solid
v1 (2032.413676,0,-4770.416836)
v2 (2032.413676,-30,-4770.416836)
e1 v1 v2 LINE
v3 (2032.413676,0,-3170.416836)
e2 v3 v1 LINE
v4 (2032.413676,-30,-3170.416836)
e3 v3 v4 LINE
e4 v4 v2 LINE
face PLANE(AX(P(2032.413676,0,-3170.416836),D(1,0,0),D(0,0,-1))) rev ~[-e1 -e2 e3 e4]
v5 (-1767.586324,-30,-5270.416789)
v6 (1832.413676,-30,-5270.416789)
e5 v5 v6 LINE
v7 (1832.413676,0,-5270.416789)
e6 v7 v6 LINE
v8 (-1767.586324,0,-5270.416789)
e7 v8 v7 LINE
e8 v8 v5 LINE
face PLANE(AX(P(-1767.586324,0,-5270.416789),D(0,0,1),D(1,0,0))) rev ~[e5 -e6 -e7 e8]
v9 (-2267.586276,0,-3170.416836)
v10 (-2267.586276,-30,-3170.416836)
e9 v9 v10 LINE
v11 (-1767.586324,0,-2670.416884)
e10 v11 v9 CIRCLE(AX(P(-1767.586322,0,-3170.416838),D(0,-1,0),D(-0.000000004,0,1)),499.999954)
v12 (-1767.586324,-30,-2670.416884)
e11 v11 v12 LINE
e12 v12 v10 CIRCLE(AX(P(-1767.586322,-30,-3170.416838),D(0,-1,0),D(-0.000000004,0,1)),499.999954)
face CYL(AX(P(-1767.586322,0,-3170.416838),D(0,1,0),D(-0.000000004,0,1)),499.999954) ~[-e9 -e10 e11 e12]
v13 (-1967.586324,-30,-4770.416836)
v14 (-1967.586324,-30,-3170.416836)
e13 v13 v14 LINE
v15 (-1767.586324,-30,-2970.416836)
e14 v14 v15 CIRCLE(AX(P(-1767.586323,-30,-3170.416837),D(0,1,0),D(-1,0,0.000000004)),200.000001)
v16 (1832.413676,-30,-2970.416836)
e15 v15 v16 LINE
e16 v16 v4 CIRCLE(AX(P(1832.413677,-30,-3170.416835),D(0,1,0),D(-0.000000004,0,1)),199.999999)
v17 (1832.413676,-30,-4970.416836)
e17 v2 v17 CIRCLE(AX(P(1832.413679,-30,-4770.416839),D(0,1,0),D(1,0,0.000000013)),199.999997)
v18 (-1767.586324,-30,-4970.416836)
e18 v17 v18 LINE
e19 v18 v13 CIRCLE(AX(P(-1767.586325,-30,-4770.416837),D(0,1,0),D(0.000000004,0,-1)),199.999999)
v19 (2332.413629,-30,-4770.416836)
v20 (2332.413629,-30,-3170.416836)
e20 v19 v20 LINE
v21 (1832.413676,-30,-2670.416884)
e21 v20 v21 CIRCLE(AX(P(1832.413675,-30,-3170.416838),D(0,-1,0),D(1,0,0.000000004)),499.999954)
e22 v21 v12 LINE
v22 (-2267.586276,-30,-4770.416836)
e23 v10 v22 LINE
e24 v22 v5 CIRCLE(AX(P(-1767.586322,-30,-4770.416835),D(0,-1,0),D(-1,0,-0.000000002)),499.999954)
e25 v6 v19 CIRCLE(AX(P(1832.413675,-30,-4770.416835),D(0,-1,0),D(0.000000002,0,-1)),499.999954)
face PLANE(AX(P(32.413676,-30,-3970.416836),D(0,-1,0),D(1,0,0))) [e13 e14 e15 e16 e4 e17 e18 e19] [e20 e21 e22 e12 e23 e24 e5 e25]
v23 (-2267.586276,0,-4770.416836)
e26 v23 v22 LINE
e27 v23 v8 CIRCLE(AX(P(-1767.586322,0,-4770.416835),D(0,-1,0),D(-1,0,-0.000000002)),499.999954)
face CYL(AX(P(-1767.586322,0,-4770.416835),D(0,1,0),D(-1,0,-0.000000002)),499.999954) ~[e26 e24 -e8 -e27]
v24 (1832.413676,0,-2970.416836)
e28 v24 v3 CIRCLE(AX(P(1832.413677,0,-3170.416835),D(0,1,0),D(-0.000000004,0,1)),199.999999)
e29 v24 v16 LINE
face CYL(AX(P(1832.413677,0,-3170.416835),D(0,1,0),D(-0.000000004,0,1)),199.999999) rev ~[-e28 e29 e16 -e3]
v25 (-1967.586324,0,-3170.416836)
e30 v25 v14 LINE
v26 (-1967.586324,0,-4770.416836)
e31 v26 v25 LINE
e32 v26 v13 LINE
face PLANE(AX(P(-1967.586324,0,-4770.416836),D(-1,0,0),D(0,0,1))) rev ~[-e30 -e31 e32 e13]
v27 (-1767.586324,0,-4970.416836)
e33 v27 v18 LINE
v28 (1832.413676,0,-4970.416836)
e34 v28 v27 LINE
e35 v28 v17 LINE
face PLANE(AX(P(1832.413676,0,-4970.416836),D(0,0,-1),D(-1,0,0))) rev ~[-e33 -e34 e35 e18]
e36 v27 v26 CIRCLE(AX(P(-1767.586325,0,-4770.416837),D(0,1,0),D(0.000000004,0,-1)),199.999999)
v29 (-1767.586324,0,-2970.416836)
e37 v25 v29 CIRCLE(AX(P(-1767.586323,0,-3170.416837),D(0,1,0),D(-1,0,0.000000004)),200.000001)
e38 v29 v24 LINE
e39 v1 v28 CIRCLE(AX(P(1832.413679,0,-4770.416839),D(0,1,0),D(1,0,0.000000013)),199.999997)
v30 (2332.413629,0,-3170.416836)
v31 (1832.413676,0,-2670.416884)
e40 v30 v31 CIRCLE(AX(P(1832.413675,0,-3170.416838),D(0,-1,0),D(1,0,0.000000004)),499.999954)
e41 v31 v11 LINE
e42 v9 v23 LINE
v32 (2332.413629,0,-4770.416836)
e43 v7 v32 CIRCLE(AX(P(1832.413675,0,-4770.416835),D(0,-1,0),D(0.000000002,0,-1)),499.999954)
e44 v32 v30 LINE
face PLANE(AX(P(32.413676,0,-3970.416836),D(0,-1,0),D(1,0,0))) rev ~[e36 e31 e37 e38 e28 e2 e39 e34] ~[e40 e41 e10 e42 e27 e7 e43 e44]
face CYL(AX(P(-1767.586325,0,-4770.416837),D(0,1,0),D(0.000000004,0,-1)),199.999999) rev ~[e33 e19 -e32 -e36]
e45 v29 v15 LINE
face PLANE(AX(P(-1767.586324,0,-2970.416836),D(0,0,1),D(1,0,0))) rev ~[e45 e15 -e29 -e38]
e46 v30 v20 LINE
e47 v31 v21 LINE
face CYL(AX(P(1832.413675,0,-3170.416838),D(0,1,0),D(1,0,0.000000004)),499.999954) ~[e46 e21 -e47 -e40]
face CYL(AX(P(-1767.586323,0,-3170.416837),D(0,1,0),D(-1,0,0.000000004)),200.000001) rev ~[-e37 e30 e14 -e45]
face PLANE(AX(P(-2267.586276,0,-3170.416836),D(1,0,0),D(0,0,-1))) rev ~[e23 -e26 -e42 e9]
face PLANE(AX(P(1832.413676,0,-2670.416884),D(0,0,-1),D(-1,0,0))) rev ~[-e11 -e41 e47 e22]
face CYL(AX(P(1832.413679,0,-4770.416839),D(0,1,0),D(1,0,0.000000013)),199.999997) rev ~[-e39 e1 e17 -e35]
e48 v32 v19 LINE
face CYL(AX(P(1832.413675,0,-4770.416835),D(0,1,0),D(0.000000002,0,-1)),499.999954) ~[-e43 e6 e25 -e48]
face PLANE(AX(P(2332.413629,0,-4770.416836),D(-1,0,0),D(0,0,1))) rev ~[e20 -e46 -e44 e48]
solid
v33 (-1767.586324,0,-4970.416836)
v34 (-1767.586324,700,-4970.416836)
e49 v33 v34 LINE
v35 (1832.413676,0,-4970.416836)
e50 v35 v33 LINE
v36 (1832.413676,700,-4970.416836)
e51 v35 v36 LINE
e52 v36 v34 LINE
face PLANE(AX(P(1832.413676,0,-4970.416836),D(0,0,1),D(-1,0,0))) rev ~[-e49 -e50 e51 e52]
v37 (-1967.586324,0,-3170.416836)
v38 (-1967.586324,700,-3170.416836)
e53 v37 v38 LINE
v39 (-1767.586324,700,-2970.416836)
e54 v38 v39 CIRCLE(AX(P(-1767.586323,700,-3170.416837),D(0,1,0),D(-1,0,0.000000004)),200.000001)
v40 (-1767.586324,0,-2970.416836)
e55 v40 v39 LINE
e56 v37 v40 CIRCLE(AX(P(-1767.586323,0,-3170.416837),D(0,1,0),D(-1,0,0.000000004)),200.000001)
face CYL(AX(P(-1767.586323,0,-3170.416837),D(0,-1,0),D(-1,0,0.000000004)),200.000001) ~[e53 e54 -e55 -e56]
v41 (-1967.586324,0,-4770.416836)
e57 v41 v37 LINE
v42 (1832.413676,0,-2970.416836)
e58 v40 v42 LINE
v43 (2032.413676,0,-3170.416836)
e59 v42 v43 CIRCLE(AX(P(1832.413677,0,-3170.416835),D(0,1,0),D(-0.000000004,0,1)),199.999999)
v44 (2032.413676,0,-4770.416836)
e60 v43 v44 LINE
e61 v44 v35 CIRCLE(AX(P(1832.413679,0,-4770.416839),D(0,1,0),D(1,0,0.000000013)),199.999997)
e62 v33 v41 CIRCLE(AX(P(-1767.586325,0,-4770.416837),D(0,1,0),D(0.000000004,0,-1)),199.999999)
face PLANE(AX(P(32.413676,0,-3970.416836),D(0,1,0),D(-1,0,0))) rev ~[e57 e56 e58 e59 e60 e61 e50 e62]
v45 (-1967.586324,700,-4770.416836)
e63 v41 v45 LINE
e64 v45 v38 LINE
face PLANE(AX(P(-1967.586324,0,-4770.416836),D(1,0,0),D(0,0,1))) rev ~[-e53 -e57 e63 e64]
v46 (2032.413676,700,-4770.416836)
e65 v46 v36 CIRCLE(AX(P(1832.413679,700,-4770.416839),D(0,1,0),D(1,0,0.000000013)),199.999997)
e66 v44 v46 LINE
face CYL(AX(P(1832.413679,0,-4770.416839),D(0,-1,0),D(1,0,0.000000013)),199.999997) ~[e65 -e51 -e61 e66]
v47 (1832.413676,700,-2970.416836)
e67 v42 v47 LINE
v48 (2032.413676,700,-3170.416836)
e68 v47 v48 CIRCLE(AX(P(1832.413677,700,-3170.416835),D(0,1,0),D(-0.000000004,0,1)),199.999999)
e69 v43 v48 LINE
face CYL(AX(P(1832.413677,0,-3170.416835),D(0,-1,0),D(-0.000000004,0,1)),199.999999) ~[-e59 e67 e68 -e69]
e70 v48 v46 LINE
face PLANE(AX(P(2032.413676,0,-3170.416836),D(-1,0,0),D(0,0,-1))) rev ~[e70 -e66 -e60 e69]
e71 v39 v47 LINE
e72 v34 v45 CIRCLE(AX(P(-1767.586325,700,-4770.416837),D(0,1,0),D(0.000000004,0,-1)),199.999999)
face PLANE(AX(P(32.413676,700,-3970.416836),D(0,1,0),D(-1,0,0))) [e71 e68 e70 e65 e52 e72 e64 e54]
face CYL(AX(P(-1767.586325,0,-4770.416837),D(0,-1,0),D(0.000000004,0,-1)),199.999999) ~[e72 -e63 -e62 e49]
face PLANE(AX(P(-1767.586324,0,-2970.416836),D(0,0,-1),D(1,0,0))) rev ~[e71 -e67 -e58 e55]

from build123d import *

# Parameters (mm, degrees)
F1_DEPTH = 30
F3_DEPTH = 700


with BuildPart() as f1:
    # F0 (on Front) → F1 (new body)
    with BuildSketch(Plane.XZ):
        with BuildLine():
            Line((1832.413676, -2670.416884), (-1767.586324, -2670.416884))
            ThreePointArc((-1767.586324, -2670.416884), (-2121.13968, -2816.86348), (-2267.586276, -3170.416836))
            Line((-2267.586276, -3170.416836), (-2267.586276, -4770.416836))
            ThreePointArc((-2267.586276, -4770.416836), (-2121.13968, -5123.970193), (-1767.586324, -5270.416789))
            Line((-1767.586324, -5270.416789), (1832.413676, -5270.416789))
            ThreePointArc((1832.413676, -5270.416789), (2185.967033, -5123.970193), (2332.413629, -4770.416836))
            Line((2332.413629, -4770.416836), (2332.413629, -3170.416836))
            ThreePointArc((2332.413629, -3170.416836), (2185.967033, -2816.86348), (1832.413676, -2670.416884))
        make_face()
        with BuildLine():
            Line((-1767.586324, -2970.416836), (1832.413676, -2970.416836))
            ThreePointArc((1832.413676, -2970.416836), (1973.835033, -3028.99548), (2032.413676, -3170.416836))
            Line((2032.413676, -3170.416836), (2032.413676, -4770.416836))
            ThreePointArc((2032.413676, -4770.416836), (1973.835033, -4911.838193), (1832.413676, -4970.416836))
            Line((1832.413676, -4970.416836), (-1767.586324, -4970.416836))
            ThreePointArc((-1767.586324, -4970.416836), (-1909.00768, -4911.838193), (-1967.586324, -4770.416836))
            Line((-1967.586324, -4770.416836), (-1967.586324, -3170.416836))
            ThreePointArc((-1967.586324, -3170.416836), (-1909.00768, -3028.99548), (-1767.586324, -2970.416836))
        make_face(mode=Mode.SUBTRACT)
    extrude(amount=F1_DEPTH)


with BuildPart() as f3:
    # F2 (on face) → F3 (new body)
    with BuildSketch(Plane(origin=(0, 0, 0), x_dir=(-1, 0, 0), z_dir=(0, 1, 0))):
        with BuildLine():
            ThreePointArc((1967.586324, -3170.416836), (1909.00768, -3028.99548), (1767.586324, -2970.416836))
            Line((1767.586324, -2970.416836), (-1832.413676, -2970.416836))
            ThreePointArc((-1832.413676, -2970.416836), (-1973.835033, -3028.99548), (-2032.413676, -3170.416836))
            Line((-2032.413676, -3170.416836), (-2032.413676, -4770.416836))
            ThreePointArc((-2032.413676, -4770.416836), (-1973.835033, -4911.838193), (-1832.413676, -4970.416836))
            Line((-1832.413676, -4970.416836), (1767.586324, -4970.416836))
            ThreePointArc((1767.586324, -4970.416836), (1909.00768, -4911.838193), (1967.586324, -4770.416836))
            Line((1967.586324, -4770.416836), (1967.586324, -3170.416836))
        make_face()
    extrude(amount=F3_DEPTH)


solid = Compound([f1.part, f3.part])
